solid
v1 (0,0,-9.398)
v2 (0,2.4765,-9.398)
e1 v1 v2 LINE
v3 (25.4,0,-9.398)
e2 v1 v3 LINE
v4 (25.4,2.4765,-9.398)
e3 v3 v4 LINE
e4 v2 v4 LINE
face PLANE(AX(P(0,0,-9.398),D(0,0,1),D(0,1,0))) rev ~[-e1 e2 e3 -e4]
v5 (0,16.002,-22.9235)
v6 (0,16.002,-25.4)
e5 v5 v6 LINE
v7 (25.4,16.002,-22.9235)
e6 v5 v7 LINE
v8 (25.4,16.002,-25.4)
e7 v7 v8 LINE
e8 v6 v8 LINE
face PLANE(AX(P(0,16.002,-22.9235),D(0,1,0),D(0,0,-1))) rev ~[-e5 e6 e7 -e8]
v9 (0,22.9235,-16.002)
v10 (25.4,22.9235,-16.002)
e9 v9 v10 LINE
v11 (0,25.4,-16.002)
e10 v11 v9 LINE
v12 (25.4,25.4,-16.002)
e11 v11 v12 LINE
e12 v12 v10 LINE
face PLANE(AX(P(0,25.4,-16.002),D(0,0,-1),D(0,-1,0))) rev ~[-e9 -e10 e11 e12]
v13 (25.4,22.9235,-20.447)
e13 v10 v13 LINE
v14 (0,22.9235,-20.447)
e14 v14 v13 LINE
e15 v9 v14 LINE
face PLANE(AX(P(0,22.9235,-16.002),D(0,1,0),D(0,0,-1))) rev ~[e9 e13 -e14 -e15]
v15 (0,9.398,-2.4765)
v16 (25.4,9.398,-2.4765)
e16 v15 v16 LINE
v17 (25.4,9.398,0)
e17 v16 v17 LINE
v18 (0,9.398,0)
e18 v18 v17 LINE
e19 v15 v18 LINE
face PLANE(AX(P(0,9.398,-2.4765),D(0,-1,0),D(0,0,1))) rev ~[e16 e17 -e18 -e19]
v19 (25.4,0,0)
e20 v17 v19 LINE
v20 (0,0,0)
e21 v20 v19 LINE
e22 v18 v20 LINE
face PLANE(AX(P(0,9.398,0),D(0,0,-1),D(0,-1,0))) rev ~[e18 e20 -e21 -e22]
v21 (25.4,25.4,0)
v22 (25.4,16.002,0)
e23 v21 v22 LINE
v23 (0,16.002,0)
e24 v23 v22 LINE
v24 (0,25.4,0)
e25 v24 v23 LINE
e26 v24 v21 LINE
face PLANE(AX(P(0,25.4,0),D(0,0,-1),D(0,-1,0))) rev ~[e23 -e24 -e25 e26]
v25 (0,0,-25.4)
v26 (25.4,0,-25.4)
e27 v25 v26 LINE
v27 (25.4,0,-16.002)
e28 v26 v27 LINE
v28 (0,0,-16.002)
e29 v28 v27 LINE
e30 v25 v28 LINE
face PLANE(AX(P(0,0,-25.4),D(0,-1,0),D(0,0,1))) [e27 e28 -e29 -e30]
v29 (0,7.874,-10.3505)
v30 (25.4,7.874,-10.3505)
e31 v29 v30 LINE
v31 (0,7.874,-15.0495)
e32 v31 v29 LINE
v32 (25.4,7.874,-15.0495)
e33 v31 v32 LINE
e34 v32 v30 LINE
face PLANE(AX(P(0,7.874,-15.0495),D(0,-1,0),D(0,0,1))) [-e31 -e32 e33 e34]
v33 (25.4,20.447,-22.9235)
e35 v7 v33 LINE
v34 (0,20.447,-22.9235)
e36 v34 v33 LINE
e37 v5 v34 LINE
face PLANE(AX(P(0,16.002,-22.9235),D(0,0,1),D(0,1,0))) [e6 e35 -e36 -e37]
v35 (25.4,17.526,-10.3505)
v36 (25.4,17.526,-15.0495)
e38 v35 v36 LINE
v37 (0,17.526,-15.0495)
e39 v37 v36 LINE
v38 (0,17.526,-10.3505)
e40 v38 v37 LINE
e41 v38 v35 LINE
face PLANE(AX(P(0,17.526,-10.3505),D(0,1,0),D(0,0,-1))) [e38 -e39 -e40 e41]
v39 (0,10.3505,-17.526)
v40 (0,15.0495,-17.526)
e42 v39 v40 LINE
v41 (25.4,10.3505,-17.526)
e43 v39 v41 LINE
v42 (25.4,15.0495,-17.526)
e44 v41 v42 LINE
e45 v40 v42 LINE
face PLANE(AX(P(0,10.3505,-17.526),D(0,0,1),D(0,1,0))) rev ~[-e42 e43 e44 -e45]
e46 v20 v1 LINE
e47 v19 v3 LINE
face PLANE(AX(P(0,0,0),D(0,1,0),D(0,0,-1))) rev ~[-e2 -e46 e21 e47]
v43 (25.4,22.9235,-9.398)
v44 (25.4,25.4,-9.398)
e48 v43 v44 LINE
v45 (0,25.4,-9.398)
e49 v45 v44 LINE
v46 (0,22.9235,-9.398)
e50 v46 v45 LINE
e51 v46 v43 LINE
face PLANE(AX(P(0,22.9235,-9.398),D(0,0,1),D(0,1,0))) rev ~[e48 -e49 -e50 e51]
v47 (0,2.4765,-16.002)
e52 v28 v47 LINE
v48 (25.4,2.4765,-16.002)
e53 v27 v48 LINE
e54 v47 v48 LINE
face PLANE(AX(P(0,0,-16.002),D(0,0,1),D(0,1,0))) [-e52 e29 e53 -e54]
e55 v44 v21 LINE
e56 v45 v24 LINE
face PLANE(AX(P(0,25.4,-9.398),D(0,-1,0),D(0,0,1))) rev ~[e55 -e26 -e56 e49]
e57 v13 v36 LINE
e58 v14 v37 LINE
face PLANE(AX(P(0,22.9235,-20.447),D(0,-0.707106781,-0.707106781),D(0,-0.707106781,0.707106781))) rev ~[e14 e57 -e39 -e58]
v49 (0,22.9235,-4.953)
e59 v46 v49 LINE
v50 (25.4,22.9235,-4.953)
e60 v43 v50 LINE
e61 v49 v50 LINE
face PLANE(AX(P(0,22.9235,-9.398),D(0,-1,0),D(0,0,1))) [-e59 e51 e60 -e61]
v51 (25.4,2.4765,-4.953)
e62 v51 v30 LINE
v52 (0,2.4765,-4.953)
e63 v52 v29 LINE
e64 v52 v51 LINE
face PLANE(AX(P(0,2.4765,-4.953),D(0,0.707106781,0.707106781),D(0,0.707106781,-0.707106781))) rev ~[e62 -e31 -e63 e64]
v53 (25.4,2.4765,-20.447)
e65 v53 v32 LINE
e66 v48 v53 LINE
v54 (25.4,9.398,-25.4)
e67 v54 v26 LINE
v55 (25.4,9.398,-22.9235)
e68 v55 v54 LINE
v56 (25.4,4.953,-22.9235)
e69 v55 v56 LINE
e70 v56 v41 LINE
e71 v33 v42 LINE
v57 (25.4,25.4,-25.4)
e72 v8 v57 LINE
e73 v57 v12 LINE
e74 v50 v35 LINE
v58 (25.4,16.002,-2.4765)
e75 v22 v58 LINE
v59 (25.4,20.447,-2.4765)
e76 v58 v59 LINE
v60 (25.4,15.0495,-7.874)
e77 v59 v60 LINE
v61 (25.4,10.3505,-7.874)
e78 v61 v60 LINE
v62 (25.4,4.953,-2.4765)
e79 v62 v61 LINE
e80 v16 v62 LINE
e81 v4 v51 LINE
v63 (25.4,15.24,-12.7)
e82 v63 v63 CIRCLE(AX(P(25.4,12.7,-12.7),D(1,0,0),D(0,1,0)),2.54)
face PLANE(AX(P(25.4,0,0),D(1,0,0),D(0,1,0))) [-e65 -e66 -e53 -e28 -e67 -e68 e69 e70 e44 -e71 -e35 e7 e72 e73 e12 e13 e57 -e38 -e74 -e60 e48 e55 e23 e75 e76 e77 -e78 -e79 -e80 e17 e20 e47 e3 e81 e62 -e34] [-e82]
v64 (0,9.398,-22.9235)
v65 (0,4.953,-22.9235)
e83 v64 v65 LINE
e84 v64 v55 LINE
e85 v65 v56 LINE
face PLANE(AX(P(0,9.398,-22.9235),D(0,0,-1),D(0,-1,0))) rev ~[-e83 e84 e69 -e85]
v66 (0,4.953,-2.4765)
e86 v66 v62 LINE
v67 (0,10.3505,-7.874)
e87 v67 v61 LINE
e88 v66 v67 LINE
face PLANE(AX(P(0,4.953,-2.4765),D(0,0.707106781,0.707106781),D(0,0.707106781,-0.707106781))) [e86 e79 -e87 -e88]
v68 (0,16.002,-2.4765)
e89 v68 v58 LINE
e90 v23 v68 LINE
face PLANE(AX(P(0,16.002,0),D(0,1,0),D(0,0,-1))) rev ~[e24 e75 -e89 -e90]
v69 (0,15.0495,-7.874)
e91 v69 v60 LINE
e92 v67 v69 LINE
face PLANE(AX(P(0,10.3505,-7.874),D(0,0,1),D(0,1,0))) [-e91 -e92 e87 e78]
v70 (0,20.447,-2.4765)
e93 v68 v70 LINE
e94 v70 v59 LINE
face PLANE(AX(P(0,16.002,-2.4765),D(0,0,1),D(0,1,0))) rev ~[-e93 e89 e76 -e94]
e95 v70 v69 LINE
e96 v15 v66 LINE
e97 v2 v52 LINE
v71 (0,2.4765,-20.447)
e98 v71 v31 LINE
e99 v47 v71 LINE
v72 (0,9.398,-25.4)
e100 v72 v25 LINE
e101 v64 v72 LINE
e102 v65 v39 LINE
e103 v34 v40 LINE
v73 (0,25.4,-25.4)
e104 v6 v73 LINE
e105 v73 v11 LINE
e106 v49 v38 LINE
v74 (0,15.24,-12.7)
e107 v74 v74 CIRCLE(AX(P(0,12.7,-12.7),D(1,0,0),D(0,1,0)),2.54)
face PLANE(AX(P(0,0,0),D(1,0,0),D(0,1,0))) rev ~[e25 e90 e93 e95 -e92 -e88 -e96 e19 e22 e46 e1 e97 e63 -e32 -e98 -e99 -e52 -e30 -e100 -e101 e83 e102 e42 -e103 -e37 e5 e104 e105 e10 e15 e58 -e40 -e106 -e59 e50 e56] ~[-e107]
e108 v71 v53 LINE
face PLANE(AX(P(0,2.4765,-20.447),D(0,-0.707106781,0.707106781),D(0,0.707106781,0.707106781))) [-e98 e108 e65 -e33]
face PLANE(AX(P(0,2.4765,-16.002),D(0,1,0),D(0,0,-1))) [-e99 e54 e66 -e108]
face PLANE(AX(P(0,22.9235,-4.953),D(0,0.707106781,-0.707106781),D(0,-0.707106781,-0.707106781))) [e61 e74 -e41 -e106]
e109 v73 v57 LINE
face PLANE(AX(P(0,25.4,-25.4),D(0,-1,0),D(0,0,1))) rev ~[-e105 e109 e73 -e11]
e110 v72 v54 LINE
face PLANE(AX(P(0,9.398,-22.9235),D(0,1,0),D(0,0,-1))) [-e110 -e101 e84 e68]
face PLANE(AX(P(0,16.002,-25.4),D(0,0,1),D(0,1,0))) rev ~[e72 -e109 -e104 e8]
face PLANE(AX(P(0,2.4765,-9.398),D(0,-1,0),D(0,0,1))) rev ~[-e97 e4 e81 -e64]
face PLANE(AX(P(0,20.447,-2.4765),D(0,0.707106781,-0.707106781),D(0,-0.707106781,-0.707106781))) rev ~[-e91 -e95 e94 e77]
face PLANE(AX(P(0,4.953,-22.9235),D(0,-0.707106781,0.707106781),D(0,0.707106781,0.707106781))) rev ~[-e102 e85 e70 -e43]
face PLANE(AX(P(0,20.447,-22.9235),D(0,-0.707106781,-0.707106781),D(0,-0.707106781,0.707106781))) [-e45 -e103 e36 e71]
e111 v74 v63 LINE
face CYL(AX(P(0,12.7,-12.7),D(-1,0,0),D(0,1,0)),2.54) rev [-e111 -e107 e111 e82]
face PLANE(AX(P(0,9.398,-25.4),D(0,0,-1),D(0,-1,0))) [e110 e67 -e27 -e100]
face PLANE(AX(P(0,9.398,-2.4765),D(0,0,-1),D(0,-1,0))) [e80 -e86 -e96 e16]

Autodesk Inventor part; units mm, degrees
ref_plane "YZ Plane" through (0, 0, 0) normal (1, 0, 0) x (0, 1, 0)
ref_plane "XZ Plane" through (0, 0, 0) normal (0, 1, 0) x (-1, 0, 0)
ref_plane "XY Plane" through (0, 0, 0) normal (0, 0, 1) x (1, 0, 0)
sketch "Sketch1" plane through (0, 0, 0) normal (1, 0, 0) x (0, 1, 0)
  line L0 (0, 0) -> (0, -9.398)
  line L1 (0, -9.398) -> (2.4765, -9.398)
  line L2 (9.398, -2.4765) -> (9.398, 0)
  line L3 (9.398, 0) -> (0, 0)
  line L4 (16.002, 0) -> (16.002, -2.4765)
  line L5 (22.9235, -9.398) -> (25.4, -9.398)
  line L6 (25.4, -9.398) -> (25.4, 0)
  line L7 (25.4, 0) -> (16.002, 0)
  line L8 (25.4, -16.002) -> (22.9235, -16.002)
  line L9 (16.002, -22.9235) -> (16.002, -25.4)
  line L10 (16.002, -25.4) -> (25.4, -25.4)
  line L11 (25.4, -25.4) -> (25.4, -16.002)
  line L12 (0, -16.002) -> (2.4765, -16.002)
  line L13 (9.398, -22.9235) -> (9.398, -25.4)
  line L14 (9.398, -25.4) -> (0, -25.4)
  line L15 (0, -25.4) -> (0, -16.002)
  line L16 (22.9235, -9.398) -> (22.9235, -4.953)
  line L17 (16.002, -2.4765) -> (20.447, -2.4765)
  line L18 (20.447, -2.4765) -> (15.0495, -7.874)
  line L19 (20.447, -2.4765) -> (28.0802, -2.4765) construction
  line L20 (22.9235, -4.953) -> (17.526, -10.3505)
  line L21 (22.9235, -16.002) -> (22.9235, -20.447)
  line L22 (22.9235, -20.447) -> (17.526, -15.0495)
  line L23 (16.002, -22.9235) -> (20.447, -22.9235)
  line L24 (20.447, -22.9235) -> (15.0495, -17.526)
  line L25 (2.4765, -16.002) -> (2.4765, -20.447)
  line L26 (2.4765, -20.447) -> (7.874, -15.0495)
  line L27 (9.398, -22.9235) -> (4.953, -22.9235)
  line L28 (4.953, -22.9235) -> (10.3505, -17.526)
  line L29 (9.398, -2.4765) -> (4.953, -2.4765)
  line L30 (4.953, -2.4765) -> (10.3505, -7.874)
  line L31 (2.4765, -9.398) -> (2.4765, -4.953)
  line L32 (2.4765, -4.953) -> (7.874, -10.3505)
  line L33 (10.3505, -7.874) -> (15.0495, -7.874)
  line L34 (17.526, -10.3505) -> (17.526, -15.0495)
  line L35 (10.3505, -17.526) -> (15.0495, -17.526)
  line L36 (7.874, -15.0495) -> (7.874, -10.3505)
  circle A0 centre (12.7, -12.7) radius 2.54
  dimension "d2" = 9.398
  dimension "d3" = 2.4765
  dimension "d7" = 2.4765
  dimension "d10" = 2.4765
  dimension "d11" = 25.4
  dimension "d13" = 2.4765
  dimension "d16" = 2.4765
  dimension "d17" = 9.398
  dimension "d18" = 25.4
  dimension "d23" = 2.4765
  dimension "d24" = 25.4
  dimension "d25" = 25.4
  dimension "d32" = 4.445
  dimension "d33" = 4.445
  dimension "d35" = 135
  dimension "d36" = 4.445
  dimension "d37" = 4.445
  dimension "d38" = 2.4765
  dimension "d40" = 4.445
  dimension "d41" = 4.445
  dimension "d42" = 4.445
  dimension "d43" = 4.445
  dimension "d44" = 5.08
extrude "Extrusion1" add sketch "Sketch1" along normal blind 25.4
properties part number "LatX24in1"
